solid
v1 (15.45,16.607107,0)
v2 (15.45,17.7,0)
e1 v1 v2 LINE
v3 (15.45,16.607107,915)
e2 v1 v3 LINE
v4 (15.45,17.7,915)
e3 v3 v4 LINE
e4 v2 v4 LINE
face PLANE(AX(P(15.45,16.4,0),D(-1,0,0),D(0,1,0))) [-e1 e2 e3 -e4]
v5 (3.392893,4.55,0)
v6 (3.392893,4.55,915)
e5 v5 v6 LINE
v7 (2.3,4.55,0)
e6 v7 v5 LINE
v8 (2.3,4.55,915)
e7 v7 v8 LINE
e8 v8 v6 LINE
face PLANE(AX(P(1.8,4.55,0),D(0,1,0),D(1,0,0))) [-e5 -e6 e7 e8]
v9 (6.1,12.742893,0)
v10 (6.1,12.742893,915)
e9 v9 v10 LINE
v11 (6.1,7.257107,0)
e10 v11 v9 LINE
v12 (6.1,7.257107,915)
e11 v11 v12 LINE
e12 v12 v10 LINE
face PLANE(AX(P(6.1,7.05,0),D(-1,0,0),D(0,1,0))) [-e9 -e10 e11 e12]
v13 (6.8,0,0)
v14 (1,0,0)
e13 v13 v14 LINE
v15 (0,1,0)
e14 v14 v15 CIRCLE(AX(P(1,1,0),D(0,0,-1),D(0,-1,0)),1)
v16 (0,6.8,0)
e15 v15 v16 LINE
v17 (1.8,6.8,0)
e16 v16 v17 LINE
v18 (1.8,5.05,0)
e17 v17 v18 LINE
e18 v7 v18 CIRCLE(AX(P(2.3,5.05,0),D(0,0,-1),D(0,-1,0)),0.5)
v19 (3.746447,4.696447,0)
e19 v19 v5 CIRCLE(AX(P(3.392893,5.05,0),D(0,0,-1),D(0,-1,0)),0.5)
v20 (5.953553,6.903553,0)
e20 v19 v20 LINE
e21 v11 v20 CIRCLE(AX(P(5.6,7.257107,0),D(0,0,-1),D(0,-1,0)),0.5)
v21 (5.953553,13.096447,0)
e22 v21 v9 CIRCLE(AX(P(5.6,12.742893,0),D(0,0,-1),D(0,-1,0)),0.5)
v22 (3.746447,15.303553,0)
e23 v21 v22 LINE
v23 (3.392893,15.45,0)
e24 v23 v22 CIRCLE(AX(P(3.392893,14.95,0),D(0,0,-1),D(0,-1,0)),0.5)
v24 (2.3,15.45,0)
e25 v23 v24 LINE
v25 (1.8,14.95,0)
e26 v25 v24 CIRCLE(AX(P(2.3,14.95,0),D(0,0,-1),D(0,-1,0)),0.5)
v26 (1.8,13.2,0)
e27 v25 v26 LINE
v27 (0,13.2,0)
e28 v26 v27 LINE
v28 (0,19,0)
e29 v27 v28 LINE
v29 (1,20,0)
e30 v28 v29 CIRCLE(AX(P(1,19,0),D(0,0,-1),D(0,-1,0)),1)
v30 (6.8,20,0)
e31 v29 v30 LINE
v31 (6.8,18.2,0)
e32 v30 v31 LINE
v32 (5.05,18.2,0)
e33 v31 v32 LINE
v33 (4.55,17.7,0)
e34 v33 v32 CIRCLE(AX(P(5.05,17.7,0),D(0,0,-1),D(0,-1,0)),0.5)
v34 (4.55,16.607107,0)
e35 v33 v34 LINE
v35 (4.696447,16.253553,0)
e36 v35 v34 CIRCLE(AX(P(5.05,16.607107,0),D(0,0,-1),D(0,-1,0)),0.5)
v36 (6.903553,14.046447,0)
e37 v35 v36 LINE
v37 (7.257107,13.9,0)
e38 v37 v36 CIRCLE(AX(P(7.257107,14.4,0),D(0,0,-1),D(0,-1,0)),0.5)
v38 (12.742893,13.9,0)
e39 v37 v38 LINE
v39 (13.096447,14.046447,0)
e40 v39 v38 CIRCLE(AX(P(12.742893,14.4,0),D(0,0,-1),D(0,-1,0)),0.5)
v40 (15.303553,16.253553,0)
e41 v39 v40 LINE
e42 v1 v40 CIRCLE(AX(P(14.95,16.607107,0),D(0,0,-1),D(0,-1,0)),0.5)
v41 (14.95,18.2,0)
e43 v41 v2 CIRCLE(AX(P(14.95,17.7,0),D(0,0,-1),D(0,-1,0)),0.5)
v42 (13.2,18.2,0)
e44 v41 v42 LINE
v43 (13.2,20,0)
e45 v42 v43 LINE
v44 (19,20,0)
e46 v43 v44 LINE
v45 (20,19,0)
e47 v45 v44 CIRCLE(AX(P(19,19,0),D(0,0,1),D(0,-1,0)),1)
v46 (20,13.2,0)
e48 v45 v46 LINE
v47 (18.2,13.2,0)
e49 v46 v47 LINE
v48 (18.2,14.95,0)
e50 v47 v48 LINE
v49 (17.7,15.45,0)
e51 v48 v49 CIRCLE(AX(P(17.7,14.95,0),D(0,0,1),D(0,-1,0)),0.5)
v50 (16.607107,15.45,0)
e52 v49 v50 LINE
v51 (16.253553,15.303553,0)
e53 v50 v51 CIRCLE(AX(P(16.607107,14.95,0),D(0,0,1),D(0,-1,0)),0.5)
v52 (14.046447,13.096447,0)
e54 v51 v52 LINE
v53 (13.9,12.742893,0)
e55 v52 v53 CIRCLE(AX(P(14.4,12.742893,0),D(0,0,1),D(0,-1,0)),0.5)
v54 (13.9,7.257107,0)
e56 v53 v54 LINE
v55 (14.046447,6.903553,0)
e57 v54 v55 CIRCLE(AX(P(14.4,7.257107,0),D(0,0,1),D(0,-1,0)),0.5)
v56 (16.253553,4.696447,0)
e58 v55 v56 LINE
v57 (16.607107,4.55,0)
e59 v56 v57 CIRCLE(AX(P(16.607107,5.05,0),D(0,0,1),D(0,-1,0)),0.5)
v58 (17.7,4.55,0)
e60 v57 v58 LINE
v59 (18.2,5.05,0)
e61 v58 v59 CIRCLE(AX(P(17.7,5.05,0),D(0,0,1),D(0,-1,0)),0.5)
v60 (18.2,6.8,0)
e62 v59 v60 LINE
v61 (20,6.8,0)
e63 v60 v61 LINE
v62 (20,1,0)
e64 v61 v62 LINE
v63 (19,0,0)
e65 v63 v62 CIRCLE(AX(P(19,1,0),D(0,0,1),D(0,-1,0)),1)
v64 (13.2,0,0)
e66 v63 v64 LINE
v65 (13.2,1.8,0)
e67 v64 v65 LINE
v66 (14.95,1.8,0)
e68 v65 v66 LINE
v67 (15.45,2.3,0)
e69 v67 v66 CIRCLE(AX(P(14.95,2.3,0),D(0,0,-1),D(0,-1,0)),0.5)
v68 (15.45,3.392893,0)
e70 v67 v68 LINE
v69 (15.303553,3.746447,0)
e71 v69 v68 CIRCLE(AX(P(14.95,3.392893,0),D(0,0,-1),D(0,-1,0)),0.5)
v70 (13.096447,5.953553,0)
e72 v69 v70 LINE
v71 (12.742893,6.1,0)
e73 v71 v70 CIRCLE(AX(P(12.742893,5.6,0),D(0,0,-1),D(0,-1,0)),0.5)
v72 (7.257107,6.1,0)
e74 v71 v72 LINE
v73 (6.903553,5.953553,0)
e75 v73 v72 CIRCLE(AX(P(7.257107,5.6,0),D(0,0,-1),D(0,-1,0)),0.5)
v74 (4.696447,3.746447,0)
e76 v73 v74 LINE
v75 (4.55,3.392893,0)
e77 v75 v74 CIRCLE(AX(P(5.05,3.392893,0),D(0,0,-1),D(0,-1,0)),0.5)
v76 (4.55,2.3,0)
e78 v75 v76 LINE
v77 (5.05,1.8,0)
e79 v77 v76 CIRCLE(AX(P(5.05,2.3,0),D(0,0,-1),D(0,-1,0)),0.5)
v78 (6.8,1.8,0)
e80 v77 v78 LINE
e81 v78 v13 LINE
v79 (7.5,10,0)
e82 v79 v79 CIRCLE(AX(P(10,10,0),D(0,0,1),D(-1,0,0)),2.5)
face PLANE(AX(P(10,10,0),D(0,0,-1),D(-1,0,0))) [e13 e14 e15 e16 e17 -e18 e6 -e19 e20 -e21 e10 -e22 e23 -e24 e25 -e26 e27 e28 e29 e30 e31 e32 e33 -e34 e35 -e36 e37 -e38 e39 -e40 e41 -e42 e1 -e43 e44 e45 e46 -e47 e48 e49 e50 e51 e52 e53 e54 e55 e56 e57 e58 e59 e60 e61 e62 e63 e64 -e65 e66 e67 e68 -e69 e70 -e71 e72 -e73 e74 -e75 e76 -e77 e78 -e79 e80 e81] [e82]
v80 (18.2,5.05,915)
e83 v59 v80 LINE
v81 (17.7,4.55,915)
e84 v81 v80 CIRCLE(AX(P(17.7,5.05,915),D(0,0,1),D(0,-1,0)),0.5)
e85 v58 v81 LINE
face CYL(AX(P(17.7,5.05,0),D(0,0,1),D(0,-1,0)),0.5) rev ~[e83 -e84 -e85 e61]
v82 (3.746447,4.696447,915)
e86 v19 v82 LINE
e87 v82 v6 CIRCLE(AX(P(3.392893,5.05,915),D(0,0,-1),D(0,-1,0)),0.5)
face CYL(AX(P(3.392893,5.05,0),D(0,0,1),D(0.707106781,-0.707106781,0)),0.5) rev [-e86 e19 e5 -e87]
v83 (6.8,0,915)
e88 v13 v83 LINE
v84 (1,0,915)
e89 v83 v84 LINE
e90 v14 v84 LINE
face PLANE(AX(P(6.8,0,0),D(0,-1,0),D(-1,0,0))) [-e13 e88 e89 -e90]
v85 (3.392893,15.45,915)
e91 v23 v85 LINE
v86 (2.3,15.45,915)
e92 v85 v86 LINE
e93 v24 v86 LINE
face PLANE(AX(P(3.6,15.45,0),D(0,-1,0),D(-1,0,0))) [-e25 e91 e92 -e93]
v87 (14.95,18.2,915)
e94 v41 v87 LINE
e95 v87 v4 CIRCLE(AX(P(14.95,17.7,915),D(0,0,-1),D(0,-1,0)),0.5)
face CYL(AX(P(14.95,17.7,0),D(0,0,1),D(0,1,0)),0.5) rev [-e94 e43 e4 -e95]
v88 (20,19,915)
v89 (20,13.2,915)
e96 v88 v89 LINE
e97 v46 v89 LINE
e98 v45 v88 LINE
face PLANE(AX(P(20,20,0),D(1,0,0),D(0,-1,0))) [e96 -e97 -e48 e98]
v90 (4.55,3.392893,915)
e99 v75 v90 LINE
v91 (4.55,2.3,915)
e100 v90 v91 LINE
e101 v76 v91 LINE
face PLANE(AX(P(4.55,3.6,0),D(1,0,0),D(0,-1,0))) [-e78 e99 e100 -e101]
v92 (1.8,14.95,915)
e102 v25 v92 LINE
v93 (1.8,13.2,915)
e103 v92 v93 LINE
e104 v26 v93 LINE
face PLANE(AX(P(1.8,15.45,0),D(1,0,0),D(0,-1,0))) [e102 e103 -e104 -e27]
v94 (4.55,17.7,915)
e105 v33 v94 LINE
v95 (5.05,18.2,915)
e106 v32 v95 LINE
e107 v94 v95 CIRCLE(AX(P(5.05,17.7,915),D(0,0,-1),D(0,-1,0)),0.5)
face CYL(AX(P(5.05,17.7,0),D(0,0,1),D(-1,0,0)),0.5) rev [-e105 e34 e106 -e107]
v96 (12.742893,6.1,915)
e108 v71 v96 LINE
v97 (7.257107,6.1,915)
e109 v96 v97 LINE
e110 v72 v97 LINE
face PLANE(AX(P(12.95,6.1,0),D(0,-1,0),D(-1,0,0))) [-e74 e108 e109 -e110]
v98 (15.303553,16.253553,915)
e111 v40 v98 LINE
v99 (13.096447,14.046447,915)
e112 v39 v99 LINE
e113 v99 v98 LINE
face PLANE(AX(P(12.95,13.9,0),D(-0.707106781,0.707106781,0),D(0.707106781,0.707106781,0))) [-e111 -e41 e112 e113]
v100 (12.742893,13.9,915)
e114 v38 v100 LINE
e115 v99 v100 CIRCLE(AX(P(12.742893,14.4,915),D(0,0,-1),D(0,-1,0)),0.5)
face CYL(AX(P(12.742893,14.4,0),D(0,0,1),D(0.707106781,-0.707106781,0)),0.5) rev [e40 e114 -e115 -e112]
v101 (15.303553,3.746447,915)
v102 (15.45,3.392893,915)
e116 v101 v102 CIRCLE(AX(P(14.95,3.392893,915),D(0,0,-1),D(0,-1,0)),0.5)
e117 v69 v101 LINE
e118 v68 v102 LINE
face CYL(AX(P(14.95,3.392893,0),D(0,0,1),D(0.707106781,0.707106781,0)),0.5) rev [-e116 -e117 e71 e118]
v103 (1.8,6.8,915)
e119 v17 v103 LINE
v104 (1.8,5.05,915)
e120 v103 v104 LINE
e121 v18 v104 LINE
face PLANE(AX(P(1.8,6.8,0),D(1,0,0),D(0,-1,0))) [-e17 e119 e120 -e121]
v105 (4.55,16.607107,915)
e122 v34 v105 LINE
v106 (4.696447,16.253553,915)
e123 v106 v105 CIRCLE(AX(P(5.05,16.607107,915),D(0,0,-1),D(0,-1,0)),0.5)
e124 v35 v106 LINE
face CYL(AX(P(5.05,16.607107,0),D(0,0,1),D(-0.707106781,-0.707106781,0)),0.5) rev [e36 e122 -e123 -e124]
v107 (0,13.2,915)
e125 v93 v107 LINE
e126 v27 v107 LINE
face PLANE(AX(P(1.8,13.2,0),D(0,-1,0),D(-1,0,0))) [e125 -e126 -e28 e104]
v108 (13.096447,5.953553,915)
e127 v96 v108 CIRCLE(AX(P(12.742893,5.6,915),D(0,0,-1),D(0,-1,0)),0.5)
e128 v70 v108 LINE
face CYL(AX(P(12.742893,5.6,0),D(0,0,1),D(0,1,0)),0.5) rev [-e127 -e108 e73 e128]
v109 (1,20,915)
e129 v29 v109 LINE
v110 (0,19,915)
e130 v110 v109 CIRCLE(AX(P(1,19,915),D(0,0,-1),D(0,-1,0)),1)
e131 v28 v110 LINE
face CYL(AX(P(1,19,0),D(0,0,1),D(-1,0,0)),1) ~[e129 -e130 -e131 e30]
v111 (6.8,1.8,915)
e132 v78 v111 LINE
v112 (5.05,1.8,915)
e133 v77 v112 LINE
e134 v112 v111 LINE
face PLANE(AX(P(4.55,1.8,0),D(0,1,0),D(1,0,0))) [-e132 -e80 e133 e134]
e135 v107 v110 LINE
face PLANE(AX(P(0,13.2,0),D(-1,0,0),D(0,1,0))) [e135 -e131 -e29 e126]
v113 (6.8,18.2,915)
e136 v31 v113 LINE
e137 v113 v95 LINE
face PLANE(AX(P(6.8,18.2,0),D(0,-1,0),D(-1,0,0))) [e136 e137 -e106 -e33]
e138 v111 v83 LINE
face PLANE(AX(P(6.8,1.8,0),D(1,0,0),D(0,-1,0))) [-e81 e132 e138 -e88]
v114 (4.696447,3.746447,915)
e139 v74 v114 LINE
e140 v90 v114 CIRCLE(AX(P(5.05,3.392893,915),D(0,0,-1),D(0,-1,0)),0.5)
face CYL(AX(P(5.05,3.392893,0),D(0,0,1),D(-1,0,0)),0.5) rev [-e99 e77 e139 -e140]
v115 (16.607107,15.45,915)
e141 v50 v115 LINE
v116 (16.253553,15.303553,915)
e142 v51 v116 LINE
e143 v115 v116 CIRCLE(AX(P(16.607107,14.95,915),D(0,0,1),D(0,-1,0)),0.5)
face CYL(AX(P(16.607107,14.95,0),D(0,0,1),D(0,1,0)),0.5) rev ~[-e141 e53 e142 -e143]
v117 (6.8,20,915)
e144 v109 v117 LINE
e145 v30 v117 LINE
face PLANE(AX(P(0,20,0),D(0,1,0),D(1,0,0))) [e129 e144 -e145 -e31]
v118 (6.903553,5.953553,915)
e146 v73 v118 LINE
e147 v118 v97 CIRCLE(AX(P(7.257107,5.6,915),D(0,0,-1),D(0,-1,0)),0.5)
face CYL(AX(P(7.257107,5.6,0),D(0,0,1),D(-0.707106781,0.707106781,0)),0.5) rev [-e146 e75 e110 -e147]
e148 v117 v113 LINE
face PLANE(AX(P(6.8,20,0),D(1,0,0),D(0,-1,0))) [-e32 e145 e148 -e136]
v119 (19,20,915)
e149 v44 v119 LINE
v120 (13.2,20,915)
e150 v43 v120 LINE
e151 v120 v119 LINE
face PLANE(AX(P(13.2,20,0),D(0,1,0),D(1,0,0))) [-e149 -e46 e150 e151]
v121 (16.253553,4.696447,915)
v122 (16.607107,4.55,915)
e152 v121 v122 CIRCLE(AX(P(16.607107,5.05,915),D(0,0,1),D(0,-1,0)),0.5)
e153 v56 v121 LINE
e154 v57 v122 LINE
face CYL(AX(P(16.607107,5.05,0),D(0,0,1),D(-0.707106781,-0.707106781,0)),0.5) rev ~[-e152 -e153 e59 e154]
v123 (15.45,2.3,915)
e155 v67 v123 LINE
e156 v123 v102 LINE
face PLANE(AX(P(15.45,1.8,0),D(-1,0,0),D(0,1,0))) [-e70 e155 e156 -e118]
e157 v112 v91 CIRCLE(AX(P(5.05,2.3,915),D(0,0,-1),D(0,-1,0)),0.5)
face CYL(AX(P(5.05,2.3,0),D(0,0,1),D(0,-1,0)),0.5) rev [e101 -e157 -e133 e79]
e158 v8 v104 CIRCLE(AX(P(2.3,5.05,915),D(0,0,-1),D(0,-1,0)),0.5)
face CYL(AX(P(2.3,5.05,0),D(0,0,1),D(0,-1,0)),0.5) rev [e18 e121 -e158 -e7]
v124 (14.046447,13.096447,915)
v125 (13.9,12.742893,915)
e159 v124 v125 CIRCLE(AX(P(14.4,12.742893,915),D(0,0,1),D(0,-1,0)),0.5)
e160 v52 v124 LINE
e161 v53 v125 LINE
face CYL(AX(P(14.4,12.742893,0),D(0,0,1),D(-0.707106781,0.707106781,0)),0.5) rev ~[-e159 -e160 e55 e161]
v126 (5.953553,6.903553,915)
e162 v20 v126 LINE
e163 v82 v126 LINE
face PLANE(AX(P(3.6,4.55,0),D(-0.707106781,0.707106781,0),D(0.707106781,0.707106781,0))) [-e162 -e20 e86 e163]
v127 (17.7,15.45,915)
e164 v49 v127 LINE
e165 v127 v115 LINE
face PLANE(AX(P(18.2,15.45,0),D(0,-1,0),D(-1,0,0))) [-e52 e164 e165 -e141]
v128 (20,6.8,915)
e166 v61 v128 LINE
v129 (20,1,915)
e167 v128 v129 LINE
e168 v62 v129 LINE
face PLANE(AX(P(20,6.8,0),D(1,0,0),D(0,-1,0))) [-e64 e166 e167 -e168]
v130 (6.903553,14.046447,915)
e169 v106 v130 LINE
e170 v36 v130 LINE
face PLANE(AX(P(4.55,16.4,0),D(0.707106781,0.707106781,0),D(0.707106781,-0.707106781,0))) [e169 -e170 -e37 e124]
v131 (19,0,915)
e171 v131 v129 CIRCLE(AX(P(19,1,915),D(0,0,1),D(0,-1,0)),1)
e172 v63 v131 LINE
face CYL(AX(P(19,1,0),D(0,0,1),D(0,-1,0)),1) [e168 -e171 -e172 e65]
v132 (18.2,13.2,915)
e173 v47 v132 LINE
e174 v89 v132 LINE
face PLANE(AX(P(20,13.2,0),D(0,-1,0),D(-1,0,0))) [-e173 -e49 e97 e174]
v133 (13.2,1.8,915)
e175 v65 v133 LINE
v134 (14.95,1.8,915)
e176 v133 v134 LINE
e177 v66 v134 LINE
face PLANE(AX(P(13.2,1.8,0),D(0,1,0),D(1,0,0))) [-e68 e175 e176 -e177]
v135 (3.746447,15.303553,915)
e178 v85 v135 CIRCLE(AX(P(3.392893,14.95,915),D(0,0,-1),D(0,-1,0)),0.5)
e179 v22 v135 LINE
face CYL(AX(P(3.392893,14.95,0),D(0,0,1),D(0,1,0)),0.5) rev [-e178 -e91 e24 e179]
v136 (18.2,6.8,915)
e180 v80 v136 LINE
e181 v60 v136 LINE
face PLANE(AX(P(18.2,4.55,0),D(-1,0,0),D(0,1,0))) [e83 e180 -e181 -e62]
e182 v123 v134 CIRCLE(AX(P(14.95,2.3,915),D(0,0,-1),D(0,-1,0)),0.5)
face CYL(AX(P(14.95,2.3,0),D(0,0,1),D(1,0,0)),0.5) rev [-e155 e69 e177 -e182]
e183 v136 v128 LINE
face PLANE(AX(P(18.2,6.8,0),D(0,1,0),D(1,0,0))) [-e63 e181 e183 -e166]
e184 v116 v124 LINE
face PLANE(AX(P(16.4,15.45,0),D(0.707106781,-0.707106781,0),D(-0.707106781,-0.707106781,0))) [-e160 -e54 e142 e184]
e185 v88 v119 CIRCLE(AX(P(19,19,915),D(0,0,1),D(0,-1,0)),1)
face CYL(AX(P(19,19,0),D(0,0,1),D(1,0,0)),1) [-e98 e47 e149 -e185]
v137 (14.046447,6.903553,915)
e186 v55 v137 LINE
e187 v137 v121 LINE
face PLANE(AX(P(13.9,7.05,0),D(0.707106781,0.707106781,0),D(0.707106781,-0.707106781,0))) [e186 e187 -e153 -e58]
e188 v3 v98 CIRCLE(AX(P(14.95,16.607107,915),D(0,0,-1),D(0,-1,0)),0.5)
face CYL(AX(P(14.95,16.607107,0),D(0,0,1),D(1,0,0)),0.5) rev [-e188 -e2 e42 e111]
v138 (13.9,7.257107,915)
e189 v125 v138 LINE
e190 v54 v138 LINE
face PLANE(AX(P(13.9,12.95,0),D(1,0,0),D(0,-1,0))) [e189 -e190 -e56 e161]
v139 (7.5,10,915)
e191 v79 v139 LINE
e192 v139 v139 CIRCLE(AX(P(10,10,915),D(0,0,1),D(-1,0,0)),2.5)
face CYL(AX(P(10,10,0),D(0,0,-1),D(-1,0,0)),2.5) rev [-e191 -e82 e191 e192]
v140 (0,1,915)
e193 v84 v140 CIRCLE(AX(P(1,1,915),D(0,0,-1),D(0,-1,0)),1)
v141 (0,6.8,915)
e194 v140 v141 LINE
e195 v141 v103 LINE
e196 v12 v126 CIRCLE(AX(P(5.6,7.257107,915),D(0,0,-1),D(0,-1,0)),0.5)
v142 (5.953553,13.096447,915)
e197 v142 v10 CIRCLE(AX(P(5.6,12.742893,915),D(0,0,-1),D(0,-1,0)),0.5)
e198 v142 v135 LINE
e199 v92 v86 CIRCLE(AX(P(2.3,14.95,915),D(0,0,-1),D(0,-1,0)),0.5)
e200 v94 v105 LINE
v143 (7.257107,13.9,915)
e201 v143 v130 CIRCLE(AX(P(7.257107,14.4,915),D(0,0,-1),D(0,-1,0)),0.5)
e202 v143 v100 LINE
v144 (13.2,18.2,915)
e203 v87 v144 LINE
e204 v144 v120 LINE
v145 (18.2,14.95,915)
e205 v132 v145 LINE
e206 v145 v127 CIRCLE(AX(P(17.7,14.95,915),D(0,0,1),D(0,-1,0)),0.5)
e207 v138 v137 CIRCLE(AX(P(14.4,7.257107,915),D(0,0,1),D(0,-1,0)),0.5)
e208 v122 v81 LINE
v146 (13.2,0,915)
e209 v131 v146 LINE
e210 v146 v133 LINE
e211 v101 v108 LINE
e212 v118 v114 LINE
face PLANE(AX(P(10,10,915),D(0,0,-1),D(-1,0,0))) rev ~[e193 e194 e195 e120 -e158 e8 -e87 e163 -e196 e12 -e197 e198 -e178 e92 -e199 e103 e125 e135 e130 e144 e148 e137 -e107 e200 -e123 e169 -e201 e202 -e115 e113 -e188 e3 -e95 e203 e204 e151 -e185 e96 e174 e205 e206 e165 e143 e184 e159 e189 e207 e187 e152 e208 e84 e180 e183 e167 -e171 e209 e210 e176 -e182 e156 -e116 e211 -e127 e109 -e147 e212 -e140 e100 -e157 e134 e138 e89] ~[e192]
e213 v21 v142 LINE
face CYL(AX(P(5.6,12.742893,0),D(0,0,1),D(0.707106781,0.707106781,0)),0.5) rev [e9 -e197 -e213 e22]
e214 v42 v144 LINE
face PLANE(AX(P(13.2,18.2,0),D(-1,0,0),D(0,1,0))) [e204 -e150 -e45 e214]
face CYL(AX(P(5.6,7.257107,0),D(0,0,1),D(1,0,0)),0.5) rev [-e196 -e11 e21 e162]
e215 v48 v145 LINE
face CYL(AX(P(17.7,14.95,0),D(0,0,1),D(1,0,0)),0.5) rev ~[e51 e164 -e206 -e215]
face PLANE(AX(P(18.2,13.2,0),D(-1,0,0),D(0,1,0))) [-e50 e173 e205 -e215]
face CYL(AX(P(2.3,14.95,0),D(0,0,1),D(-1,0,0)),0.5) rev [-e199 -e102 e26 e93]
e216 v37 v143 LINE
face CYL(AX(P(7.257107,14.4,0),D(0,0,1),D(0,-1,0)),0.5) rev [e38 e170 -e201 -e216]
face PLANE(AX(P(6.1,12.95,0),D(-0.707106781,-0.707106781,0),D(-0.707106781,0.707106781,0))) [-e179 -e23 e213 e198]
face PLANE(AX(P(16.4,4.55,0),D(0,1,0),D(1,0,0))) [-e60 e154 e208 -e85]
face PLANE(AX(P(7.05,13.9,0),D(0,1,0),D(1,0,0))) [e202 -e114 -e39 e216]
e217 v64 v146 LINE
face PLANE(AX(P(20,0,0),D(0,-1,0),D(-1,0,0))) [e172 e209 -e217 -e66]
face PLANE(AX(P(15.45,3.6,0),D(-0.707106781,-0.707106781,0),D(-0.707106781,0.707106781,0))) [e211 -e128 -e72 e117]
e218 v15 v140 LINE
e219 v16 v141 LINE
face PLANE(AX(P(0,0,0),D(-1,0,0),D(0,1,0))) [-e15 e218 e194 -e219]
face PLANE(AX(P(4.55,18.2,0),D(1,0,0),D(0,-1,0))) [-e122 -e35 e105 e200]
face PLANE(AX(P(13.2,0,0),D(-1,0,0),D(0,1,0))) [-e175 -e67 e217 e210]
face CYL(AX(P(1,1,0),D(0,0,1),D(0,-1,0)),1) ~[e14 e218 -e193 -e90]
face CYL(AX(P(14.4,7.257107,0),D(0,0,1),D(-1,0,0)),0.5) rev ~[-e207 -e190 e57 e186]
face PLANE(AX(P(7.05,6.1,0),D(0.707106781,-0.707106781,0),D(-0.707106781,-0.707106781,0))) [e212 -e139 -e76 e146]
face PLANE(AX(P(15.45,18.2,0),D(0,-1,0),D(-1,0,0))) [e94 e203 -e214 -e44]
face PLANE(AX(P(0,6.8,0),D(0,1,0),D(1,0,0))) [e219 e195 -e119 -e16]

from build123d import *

# Parameters (mm, degrees)
SKETCH1_R           = 2.5
BOSS_EXTRUDE1_DEPTH = 915
FILLET1_R           = 1
FILLET2_R           = 0.5
FILLET3_R           = 0.5
FILLET4_R           = 0.5
FILLET5_R           = 0.5


with BuildPart() as part:
    # Sketch1 → Boss-Extrude1 (new body)
    with BuildSketch(Plane.XY):
        Polygon((13.2, 0), (13.2, 1.8), (15.45, 1.8), (15.45, 3.6), (12.95, 6.1), (7.05, 6.1), (4.55, 3.6), (4.55, 1.8), (6.8, 1.8), (6.8, 0), (0, 0), (0, 6.8), (1.8, 6.8), (1.8, 4.55), (3.6, 4.55), (6.1, 7.05), (6.1, 12.95), (3.6, 15.45), (1.8, 15.45), (1.8, 13.2), (0, 13.2), (0, 20), (6.8, 20), (6.8, 18.2), (4.55, 18.2), (4.55, 16.4), (7.05, 13.9), (12.95, 13.9), (15.45, 16.4), (15.45, 18.2), (13.2, 18.2), (13.2, 20), (20, 20), (20, 13.2), (18.2, 13.2), (18.2, 15.45), (16.4, 15.45), (13.9, 12.95), (13.9, 7.05), (16.4, 4.55), (18.2, 4.55), (18.2, 6.8), (20, 6.8), (20, 0), align=None)
        with Locations(Location((10, 10, 0), (0, 0, 180))):
            Circle(SKETCH1_R, mode=Mode.SUBTRACT)
    extrude(amount=BOSS_EXTRUDE1_DEPTH)

    # Fillet1
    fillet1_edges = [part.edges().sort_by_distance(p)[0] for p in [
        (0, 0, 457.5),
        (0, 20, 457.5),
        (20, 20, 457.5),
        (20, 0, 457.5),
    ]]
    fillet(fillet1_edges, radius=FILLET1_R)

    # Fillet2
    fillet2_edges = [part.edges().sort_by_distance(p)[0] for p in [
        (4.55, 18.2, 457.5),
        (4.55, 16.4, 457.5),
        (7.05, 13.9, 457.5),
        (12.95, 13.9, 457.5),
        (15.45, 16.4, 457.5),
        (15.45, 18.2, 457.5),
    ]]
    fillet(fillet2_edges, radius=FILLET2_R)

    # Fillet3
    fillet3_edges = [part.edges().sort_by_distance(p)[0] for p in [
        (18.2, 15.45, 457.5),
        (16.4, 15.45, 457.5),
        (13.9, 12.95, 457.5),
        (13.9, 7.05, 457.5),
        (16.4, 4.55, 457.5),
        (18.2, 4.55, 457.5),
    ]]
    fillet(fillet3_edges, radius=FILLET3_R)

    # Fillet4
    fillet4_edges = [part.edges().sort_by_distance(p)[0] for p in [
        (1.8, 4.55, 457.5),
        (3.6, 4.55, 457.5),
        (6.1, 7.05, 457.5),
        (6.1, 12.95, 457.5),
        (3.6, 15.45, 457.5),
        (1.8, 15.45, 457.5),
    ]]
    fillet(fillet4_edges, radius=FILLET4_R)

    # Fillet5
    fillet5_edges = [part.edges().sort_by_distance(p)[0] for p in [
        (15.45, 1.8, 457.5),
        (15.45, 3.6, 457.5),
        (12.95, 6.1, 457.5),
        (7.05, 6.1, 457.5),
        (4.55, 3.6, 457.5),
        (4.55, 1.8, 457.5),
    ]]
    fillet(fillet5_edges, radius=FILLET5_R)


solid = part.part
